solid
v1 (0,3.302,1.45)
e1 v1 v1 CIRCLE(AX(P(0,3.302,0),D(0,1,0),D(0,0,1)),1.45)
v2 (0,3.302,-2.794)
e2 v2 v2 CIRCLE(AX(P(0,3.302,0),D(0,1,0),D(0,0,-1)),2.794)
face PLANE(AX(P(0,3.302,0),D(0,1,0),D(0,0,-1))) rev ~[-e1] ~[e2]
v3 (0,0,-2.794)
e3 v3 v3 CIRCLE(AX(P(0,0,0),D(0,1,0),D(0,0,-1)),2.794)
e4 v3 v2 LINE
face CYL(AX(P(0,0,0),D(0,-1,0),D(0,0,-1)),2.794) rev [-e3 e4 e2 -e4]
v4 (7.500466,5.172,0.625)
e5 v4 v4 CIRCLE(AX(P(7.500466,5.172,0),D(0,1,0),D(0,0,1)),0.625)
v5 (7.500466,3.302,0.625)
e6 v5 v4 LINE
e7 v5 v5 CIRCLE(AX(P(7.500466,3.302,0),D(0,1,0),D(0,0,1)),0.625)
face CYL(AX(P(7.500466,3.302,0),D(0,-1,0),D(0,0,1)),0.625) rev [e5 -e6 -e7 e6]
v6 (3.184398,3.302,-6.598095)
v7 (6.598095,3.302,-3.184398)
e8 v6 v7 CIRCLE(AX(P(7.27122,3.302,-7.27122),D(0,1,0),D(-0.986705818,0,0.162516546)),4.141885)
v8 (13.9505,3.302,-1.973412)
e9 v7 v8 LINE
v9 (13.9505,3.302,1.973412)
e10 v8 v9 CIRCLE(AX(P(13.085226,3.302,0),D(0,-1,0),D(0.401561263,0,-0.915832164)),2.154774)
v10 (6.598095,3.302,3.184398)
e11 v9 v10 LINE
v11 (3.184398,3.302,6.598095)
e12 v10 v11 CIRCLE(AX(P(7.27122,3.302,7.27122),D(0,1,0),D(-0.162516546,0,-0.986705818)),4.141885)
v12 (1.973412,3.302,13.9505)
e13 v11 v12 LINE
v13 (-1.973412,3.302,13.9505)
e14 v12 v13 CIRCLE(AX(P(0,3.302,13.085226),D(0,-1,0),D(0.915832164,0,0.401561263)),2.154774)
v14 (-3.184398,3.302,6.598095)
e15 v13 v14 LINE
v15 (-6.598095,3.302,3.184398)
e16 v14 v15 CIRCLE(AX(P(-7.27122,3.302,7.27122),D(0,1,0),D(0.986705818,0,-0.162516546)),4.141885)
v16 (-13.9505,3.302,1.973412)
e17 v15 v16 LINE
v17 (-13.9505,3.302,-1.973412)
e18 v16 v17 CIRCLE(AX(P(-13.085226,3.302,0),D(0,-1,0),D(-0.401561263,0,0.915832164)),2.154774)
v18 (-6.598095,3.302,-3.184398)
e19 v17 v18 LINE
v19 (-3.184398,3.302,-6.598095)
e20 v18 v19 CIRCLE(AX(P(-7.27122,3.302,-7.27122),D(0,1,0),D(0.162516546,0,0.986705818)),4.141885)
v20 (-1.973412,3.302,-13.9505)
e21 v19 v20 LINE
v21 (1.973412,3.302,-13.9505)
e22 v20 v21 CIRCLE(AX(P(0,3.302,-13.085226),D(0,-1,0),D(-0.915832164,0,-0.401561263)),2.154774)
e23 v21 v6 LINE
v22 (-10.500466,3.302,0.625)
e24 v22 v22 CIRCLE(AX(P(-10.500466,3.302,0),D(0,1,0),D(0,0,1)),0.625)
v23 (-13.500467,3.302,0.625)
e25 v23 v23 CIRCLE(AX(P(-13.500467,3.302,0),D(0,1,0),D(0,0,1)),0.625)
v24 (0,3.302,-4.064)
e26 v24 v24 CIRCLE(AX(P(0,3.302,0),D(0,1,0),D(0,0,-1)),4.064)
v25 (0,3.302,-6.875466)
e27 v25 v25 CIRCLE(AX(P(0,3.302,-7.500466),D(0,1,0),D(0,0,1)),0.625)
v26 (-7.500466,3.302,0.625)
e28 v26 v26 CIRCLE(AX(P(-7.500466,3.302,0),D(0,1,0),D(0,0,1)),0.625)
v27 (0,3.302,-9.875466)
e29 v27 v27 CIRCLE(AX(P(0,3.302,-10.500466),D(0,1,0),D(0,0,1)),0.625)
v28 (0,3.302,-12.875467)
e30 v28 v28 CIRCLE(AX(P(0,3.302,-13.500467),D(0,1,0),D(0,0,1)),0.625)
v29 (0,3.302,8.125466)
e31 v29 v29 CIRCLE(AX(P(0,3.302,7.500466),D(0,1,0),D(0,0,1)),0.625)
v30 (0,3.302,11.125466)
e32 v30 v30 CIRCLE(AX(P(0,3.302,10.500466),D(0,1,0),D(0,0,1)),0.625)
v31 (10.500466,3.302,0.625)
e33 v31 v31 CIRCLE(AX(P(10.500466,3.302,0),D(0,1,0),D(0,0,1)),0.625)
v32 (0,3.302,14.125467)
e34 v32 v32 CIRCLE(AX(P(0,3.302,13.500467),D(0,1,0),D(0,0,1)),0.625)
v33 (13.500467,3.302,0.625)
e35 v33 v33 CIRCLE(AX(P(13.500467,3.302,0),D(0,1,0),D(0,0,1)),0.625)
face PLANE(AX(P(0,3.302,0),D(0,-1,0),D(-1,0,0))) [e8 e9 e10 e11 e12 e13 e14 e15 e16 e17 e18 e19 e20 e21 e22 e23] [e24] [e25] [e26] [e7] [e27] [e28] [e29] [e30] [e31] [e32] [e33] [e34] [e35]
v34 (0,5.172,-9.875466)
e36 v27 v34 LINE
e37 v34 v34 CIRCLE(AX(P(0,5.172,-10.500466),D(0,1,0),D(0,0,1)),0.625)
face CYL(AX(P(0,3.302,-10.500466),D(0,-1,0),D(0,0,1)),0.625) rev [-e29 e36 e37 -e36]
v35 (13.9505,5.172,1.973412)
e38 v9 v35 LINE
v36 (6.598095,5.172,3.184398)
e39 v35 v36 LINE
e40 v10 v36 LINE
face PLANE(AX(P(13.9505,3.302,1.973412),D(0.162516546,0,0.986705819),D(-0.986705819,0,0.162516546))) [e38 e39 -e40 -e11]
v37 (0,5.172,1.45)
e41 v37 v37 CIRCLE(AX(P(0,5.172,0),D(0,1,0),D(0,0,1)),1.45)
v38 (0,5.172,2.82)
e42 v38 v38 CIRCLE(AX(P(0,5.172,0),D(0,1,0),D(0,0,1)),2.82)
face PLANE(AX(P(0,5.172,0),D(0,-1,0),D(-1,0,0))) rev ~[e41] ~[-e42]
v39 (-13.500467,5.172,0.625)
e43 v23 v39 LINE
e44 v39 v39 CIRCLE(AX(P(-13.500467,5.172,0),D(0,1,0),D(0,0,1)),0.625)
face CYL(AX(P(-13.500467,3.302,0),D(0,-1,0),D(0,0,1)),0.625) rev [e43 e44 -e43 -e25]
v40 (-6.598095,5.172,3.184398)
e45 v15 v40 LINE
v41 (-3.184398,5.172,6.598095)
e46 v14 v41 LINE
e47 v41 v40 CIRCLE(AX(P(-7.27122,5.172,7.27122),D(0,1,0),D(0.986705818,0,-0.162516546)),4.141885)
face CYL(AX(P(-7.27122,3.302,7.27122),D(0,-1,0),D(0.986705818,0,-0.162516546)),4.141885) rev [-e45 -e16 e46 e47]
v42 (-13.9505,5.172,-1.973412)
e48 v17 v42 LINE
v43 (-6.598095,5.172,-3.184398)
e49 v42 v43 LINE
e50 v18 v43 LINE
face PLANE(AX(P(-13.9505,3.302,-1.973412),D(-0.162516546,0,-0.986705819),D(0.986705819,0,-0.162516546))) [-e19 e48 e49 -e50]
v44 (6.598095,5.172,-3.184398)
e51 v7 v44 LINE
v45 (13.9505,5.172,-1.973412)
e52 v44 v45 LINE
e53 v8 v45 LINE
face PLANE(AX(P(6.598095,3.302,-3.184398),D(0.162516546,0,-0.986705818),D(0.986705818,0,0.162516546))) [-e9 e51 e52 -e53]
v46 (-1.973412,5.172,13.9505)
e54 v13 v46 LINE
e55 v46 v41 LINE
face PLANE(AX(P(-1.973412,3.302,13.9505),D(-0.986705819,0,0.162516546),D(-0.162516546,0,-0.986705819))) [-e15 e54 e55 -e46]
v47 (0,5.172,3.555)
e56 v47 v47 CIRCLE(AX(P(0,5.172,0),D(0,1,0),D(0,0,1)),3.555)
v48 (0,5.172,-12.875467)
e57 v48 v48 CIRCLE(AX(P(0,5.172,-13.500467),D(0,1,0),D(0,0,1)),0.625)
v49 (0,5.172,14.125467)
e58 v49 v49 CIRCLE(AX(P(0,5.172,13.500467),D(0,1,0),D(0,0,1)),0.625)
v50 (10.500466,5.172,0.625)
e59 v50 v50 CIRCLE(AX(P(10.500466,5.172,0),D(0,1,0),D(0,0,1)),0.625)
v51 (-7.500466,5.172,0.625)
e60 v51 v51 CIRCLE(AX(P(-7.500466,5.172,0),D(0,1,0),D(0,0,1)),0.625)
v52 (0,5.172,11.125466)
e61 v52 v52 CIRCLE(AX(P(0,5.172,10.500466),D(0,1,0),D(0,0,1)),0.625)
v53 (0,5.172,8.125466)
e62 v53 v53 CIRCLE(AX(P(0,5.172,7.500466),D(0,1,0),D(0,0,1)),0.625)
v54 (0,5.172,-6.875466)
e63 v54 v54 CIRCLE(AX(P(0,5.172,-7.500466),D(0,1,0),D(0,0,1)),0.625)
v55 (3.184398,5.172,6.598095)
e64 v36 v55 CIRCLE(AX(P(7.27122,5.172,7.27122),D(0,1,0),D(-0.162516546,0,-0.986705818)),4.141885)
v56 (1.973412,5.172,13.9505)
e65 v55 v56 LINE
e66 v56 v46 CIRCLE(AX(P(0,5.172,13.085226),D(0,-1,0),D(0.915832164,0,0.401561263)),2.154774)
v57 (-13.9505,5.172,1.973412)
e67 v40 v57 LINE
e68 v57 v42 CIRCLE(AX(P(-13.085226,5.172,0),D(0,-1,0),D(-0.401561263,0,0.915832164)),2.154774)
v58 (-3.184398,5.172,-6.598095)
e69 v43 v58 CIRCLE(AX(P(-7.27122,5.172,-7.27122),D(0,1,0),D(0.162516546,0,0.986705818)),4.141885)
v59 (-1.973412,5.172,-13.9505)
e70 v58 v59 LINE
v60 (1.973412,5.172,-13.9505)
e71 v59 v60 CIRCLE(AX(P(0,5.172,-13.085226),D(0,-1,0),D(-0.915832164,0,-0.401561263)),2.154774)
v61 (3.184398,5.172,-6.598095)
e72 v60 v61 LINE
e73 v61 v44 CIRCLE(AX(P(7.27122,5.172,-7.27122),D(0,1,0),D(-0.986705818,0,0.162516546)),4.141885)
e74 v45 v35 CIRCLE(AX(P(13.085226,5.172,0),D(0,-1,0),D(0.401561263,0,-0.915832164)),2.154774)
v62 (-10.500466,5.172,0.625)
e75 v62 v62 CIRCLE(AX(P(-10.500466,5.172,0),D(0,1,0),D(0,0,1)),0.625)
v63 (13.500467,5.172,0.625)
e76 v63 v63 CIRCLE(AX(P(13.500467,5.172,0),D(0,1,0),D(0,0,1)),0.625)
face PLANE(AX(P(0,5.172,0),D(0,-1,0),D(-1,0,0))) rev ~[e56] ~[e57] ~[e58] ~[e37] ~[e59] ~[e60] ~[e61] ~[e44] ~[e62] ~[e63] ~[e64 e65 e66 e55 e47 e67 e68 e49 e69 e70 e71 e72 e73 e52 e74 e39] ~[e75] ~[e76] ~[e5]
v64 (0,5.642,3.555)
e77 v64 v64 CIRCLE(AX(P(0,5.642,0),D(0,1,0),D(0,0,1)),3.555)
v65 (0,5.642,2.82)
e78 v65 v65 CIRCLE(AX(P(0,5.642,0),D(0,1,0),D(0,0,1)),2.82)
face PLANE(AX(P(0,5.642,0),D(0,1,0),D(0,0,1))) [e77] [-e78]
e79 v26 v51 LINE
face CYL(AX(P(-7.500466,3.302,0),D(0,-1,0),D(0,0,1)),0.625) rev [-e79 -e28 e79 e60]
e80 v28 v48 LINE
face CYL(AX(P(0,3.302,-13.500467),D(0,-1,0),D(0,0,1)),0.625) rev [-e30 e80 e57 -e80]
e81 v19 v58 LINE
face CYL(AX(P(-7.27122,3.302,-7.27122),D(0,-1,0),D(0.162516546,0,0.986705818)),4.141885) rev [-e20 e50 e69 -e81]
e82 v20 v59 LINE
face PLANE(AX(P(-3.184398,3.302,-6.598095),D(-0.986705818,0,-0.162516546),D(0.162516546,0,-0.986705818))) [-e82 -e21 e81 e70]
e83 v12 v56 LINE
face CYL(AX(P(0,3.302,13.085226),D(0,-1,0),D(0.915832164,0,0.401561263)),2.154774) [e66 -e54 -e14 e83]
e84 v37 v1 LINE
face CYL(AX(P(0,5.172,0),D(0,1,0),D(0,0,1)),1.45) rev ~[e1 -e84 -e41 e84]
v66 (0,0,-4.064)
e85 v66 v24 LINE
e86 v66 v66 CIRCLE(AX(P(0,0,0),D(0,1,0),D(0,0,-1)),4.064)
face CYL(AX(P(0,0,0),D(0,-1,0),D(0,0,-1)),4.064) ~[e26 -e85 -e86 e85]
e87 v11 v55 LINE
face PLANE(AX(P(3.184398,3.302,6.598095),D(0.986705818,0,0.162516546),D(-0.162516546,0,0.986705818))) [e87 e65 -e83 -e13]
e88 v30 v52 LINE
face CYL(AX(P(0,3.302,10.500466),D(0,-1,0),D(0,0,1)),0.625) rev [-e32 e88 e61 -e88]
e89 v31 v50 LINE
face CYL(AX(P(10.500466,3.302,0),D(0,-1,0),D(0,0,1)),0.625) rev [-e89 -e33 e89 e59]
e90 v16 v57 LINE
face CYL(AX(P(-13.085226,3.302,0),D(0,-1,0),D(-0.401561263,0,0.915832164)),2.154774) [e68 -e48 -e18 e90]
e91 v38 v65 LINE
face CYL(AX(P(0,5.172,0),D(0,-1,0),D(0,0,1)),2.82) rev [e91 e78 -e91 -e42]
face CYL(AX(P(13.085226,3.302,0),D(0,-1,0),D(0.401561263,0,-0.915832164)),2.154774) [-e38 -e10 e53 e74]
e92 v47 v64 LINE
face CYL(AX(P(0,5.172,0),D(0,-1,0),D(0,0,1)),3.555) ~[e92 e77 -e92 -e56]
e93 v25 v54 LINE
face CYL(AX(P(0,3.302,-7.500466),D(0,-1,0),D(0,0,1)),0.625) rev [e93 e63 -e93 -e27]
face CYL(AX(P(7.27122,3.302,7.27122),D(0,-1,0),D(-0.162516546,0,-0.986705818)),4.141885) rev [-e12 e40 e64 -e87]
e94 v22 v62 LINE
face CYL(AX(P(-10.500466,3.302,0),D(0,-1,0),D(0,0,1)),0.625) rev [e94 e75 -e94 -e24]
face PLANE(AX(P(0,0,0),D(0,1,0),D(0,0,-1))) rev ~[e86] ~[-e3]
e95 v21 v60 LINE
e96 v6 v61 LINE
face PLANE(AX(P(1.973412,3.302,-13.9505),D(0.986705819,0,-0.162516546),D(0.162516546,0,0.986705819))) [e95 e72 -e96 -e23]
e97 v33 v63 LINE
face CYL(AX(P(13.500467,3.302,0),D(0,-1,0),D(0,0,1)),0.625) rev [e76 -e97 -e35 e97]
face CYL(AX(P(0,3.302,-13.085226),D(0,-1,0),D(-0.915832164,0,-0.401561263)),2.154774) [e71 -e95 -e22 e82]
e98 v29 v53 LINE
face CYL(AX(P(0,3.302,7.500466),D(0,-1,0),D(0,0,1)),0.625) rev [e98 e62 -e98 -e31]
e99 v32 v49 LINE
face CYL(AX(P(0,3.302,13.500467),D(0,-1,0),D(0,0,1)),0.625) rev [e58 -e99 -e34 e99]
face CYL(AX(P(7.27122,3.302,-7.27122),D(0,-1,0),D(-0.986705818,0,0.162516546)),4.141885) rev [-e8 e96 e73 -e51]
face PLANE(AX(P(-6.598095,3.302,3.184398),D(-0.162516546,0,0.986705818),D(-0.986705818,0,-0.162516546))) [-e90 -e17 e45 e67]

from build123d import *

# Parameters (mm, degrees)
SKETCH1_R           = 4.064
SKETCH1_R_2         = 2.794
BOSS_EXTRUDE1_DEPTH = 3.302
SKETCH2_R           = 0.62500002
SKETCH2_R_2         = 4.064
SKETCH2_R_3         = 2.794
BOSS_EXTRUDE2_DEPTH = 1.87000007
SKETCH6_R           = 1.449999894
CUT_EXTRUDE6_DEPTH  = 23.164493782
SKETCH7_R           = 3.555000002
SKETCH7_R_2         = 2.819999948
BOSS_EXTRUDE3_DEPTH = 0.470000076


with BuildPart() as part:
    # Sketch1 → Boss-Extrude1 (new body)
    with BuildSketch(Plane(origin=(0, 0, 0), x_dir=(1, 0, 0), z_dir=(0, 1, 0))):
        with Locations(Location((0, 0, 0), (0, 0, 90))):
            Circle(SKETCH1_R)
        with Locations(Location((0, 0, 0), (0, 0, 90))):
            Circle(SKETCH1_R_2, mode=Mode.SUBTRACT)
    extrude(amount=BOSS_EXTRUDE1_DEPTH)

    # Sketch2 → Boss-Extrude2 (add)
    # profile 1 of 3: a face of its own
    with BuildSketch(Plane(origin=(0, 3.302, 0), x_dir=(1, 0, 0), z_dir=(0, 1, 0))):
        with BuildLine():
            ThreePointArc((-6.598095019, 3.184398134), (-4.342465091, 4.342465091), (-3.184398134, 6.598095019))
            Line((-3.184398134, 6.598095019), (-1.973411671, 13.950499547))
            ThreePointArc((-1.973411671, 13.950499547), (-1e-09, 15.239999998), (1.973411671, 13.950499548))
            Line((1.973411671, 13.950499548), (3.184398134, 6.598095019))
            ThreePointArc((3.184398134, 6.598095019), (4.342465091, 4.342465091), (6.598095019, 3.184398134))
            Line((6.598095019, 3.184398134), (13.950499547, 1.973411671))
            ThreePointArc((13.950499547, 1.973411671), (15.239999998, 1e-09), (13.950499548, -1.973411671))
            Line((13.950499548, -1.973411671), (6.598095019, -3.184398134))
            ThreePointArc((6.598095019, -3.184398134), (4.342465091, -4.342465091), (3.184398134, -6.598095019))
            Line((3.184398134, -6.598095019), (1.973411671, -13.950499547))
            ThreePointArc((1.973411671, -13.950499547), (1e-09, -15.239999998), (-1.973411671, -13.950499548))
            Line((-1.973411671, -13.950499548), (-3.184398134, -6.598095019))
            ThreePointArc((-3.184398134, -6.598095019), (-4.342465091, -4.342465091), (-6.598095019, -3.184398134))
            Line((-6.598095019, -3.184398134), (-13.950499547, -1.973411671))
            ThreePointArc((-13.950499547, -1.973411671), (-15.239999998, -1e-09), (-13.950499548, 1.973411671))
            Line((-13.950499548, 1.973411671), (-6.598095019, 3.184398134))
        make_face()
        with Locations(Location((-13.500466522, 0, 0), (0, 0, 270))):
            Circle(SKETCH2_R, mode=Mode.SUBTRACT)
        with Locations(Location((-10.500466426, 0, 0), (0, 0, 270))):
            Circle(SKETCH2_R, mode=Mode.SUBTRACT)
        with Locations(Location((-7.50046633, 0, 0), (0, 0, 270))):
            Circle(SKETCH2_R, mode=Mode.SUBTRACT)
        with Locations(Location((13.500466522, 0, 0), (0, 0, 270))):
            Circle(SKETCH2_R, mode=Mode.SUBTRACT)
        with Locations(Location((10.500466426, 0, 0), (0, 0, 270))):
            Circle(SKETCH2_R, mode=Mode.SUBTRACT)
        with Locations(Location((7.50046633, 0, 0), (0, 0, 270))):
            Circle(SKETCH2_R, mode=Mode.SUBTRACT)
        with Locations(Location((0, 7.50046633, 0), (0, 0, 270))):
            Circle(SKETCH2_R, mode=Mode.SUBTRACT)
        with Locations(Location((0, 10.500466426, 0), (0, 0, 270))):
            Circle(SKETCH2_R, mode=Mode.SUBTRACT)
        with Locations(Location((0, 13.500466522, 0), (0, 0, 270))):
            Circle(SKETCH2_R, mode=Mode.SUBTRACT)
        with Locations(Location((0, -13.500466522, 0), (0, 0, 270))):
            Circle(SKETCH2_R, mode=Mode.SUBTRACT)
        with Locations(Location((0, -10.500466426, 0), (0, 0, 270))):
            Circle(SKETCH2_R, mode=Mode.SUBTRACT)
        with Locations(Location((0, -7.50046633, 0), (0, 0, 270))):
            Circle(SKETCH2_R, mode=Mode.SUBTRACT)
        with Locations(Location((0, 0, 0), (0, 0, 90))):
            Circle(SKETCH2_R_2, mode=Mode.SUBTRACT)
    # profile 2 of 3: a face of its own
    with BuildSketch(Plane(origin=(0, 3.302, 0), x_dir=(1, 0, 0), z_dir=(0, 1, 0))):
        with Locations(Location((0, 0, 0), (0, 0, 90))):
            Circle(SKETCH2_R_2)
        with Locations(Location((0, 0, 0), (0, 0, 90))):
            Circle(SKETCH2_R_3, mode=Mode.SUBTRACT)
    # profile 3 of 3: a face of its own
    with BuildSketch(Plane(origin=(0, 3.302, 0), x_dir=(1, 0, 0), z_dir=(0, 1, 0))):
        with Locations(Location((0, 0, 0), (0, 0, 90))):
            Circle(SKETCH2_R_3)
    extrude(amount=BOSS_EXTRUDE2_DEPTH)

    # Sketch6 → Cut-Extrude6 (cut, through all)
    with BuildSketch(Plane(origin=(0, 5.17200007, 0), x_dir=(1, 0, 0), z_dir=(0, 1, 0))):
        with Locations(Location((0, 0, 0), (0, 0, 270))):
            Circle(SKETCH6_R)
    extrude(amount=-CUT_EXTRUDE6_DEPTH, mode=Mode.SUBTRACT)

    # Sketch7 → Boss-Extrude3 (add)
    with BuildSketch(Plane(origin=(0, 5.17200007, 0), x_dir=(1, 0, 0), z_dir=(0, 1, 0))):
        with Locations(Location((0, 0, 0), (0, 0, 270))):
            Circle(SKETCH7_R)
        with Locations(Location((0, 0, 0), (0, 0, 270))):
            Circle(SKETCH7_R_2, mode=Mode.SUBTRACT)
    extrude(amount=BOSS_EXTRUDE3_DEPTH)


solid = part.part
